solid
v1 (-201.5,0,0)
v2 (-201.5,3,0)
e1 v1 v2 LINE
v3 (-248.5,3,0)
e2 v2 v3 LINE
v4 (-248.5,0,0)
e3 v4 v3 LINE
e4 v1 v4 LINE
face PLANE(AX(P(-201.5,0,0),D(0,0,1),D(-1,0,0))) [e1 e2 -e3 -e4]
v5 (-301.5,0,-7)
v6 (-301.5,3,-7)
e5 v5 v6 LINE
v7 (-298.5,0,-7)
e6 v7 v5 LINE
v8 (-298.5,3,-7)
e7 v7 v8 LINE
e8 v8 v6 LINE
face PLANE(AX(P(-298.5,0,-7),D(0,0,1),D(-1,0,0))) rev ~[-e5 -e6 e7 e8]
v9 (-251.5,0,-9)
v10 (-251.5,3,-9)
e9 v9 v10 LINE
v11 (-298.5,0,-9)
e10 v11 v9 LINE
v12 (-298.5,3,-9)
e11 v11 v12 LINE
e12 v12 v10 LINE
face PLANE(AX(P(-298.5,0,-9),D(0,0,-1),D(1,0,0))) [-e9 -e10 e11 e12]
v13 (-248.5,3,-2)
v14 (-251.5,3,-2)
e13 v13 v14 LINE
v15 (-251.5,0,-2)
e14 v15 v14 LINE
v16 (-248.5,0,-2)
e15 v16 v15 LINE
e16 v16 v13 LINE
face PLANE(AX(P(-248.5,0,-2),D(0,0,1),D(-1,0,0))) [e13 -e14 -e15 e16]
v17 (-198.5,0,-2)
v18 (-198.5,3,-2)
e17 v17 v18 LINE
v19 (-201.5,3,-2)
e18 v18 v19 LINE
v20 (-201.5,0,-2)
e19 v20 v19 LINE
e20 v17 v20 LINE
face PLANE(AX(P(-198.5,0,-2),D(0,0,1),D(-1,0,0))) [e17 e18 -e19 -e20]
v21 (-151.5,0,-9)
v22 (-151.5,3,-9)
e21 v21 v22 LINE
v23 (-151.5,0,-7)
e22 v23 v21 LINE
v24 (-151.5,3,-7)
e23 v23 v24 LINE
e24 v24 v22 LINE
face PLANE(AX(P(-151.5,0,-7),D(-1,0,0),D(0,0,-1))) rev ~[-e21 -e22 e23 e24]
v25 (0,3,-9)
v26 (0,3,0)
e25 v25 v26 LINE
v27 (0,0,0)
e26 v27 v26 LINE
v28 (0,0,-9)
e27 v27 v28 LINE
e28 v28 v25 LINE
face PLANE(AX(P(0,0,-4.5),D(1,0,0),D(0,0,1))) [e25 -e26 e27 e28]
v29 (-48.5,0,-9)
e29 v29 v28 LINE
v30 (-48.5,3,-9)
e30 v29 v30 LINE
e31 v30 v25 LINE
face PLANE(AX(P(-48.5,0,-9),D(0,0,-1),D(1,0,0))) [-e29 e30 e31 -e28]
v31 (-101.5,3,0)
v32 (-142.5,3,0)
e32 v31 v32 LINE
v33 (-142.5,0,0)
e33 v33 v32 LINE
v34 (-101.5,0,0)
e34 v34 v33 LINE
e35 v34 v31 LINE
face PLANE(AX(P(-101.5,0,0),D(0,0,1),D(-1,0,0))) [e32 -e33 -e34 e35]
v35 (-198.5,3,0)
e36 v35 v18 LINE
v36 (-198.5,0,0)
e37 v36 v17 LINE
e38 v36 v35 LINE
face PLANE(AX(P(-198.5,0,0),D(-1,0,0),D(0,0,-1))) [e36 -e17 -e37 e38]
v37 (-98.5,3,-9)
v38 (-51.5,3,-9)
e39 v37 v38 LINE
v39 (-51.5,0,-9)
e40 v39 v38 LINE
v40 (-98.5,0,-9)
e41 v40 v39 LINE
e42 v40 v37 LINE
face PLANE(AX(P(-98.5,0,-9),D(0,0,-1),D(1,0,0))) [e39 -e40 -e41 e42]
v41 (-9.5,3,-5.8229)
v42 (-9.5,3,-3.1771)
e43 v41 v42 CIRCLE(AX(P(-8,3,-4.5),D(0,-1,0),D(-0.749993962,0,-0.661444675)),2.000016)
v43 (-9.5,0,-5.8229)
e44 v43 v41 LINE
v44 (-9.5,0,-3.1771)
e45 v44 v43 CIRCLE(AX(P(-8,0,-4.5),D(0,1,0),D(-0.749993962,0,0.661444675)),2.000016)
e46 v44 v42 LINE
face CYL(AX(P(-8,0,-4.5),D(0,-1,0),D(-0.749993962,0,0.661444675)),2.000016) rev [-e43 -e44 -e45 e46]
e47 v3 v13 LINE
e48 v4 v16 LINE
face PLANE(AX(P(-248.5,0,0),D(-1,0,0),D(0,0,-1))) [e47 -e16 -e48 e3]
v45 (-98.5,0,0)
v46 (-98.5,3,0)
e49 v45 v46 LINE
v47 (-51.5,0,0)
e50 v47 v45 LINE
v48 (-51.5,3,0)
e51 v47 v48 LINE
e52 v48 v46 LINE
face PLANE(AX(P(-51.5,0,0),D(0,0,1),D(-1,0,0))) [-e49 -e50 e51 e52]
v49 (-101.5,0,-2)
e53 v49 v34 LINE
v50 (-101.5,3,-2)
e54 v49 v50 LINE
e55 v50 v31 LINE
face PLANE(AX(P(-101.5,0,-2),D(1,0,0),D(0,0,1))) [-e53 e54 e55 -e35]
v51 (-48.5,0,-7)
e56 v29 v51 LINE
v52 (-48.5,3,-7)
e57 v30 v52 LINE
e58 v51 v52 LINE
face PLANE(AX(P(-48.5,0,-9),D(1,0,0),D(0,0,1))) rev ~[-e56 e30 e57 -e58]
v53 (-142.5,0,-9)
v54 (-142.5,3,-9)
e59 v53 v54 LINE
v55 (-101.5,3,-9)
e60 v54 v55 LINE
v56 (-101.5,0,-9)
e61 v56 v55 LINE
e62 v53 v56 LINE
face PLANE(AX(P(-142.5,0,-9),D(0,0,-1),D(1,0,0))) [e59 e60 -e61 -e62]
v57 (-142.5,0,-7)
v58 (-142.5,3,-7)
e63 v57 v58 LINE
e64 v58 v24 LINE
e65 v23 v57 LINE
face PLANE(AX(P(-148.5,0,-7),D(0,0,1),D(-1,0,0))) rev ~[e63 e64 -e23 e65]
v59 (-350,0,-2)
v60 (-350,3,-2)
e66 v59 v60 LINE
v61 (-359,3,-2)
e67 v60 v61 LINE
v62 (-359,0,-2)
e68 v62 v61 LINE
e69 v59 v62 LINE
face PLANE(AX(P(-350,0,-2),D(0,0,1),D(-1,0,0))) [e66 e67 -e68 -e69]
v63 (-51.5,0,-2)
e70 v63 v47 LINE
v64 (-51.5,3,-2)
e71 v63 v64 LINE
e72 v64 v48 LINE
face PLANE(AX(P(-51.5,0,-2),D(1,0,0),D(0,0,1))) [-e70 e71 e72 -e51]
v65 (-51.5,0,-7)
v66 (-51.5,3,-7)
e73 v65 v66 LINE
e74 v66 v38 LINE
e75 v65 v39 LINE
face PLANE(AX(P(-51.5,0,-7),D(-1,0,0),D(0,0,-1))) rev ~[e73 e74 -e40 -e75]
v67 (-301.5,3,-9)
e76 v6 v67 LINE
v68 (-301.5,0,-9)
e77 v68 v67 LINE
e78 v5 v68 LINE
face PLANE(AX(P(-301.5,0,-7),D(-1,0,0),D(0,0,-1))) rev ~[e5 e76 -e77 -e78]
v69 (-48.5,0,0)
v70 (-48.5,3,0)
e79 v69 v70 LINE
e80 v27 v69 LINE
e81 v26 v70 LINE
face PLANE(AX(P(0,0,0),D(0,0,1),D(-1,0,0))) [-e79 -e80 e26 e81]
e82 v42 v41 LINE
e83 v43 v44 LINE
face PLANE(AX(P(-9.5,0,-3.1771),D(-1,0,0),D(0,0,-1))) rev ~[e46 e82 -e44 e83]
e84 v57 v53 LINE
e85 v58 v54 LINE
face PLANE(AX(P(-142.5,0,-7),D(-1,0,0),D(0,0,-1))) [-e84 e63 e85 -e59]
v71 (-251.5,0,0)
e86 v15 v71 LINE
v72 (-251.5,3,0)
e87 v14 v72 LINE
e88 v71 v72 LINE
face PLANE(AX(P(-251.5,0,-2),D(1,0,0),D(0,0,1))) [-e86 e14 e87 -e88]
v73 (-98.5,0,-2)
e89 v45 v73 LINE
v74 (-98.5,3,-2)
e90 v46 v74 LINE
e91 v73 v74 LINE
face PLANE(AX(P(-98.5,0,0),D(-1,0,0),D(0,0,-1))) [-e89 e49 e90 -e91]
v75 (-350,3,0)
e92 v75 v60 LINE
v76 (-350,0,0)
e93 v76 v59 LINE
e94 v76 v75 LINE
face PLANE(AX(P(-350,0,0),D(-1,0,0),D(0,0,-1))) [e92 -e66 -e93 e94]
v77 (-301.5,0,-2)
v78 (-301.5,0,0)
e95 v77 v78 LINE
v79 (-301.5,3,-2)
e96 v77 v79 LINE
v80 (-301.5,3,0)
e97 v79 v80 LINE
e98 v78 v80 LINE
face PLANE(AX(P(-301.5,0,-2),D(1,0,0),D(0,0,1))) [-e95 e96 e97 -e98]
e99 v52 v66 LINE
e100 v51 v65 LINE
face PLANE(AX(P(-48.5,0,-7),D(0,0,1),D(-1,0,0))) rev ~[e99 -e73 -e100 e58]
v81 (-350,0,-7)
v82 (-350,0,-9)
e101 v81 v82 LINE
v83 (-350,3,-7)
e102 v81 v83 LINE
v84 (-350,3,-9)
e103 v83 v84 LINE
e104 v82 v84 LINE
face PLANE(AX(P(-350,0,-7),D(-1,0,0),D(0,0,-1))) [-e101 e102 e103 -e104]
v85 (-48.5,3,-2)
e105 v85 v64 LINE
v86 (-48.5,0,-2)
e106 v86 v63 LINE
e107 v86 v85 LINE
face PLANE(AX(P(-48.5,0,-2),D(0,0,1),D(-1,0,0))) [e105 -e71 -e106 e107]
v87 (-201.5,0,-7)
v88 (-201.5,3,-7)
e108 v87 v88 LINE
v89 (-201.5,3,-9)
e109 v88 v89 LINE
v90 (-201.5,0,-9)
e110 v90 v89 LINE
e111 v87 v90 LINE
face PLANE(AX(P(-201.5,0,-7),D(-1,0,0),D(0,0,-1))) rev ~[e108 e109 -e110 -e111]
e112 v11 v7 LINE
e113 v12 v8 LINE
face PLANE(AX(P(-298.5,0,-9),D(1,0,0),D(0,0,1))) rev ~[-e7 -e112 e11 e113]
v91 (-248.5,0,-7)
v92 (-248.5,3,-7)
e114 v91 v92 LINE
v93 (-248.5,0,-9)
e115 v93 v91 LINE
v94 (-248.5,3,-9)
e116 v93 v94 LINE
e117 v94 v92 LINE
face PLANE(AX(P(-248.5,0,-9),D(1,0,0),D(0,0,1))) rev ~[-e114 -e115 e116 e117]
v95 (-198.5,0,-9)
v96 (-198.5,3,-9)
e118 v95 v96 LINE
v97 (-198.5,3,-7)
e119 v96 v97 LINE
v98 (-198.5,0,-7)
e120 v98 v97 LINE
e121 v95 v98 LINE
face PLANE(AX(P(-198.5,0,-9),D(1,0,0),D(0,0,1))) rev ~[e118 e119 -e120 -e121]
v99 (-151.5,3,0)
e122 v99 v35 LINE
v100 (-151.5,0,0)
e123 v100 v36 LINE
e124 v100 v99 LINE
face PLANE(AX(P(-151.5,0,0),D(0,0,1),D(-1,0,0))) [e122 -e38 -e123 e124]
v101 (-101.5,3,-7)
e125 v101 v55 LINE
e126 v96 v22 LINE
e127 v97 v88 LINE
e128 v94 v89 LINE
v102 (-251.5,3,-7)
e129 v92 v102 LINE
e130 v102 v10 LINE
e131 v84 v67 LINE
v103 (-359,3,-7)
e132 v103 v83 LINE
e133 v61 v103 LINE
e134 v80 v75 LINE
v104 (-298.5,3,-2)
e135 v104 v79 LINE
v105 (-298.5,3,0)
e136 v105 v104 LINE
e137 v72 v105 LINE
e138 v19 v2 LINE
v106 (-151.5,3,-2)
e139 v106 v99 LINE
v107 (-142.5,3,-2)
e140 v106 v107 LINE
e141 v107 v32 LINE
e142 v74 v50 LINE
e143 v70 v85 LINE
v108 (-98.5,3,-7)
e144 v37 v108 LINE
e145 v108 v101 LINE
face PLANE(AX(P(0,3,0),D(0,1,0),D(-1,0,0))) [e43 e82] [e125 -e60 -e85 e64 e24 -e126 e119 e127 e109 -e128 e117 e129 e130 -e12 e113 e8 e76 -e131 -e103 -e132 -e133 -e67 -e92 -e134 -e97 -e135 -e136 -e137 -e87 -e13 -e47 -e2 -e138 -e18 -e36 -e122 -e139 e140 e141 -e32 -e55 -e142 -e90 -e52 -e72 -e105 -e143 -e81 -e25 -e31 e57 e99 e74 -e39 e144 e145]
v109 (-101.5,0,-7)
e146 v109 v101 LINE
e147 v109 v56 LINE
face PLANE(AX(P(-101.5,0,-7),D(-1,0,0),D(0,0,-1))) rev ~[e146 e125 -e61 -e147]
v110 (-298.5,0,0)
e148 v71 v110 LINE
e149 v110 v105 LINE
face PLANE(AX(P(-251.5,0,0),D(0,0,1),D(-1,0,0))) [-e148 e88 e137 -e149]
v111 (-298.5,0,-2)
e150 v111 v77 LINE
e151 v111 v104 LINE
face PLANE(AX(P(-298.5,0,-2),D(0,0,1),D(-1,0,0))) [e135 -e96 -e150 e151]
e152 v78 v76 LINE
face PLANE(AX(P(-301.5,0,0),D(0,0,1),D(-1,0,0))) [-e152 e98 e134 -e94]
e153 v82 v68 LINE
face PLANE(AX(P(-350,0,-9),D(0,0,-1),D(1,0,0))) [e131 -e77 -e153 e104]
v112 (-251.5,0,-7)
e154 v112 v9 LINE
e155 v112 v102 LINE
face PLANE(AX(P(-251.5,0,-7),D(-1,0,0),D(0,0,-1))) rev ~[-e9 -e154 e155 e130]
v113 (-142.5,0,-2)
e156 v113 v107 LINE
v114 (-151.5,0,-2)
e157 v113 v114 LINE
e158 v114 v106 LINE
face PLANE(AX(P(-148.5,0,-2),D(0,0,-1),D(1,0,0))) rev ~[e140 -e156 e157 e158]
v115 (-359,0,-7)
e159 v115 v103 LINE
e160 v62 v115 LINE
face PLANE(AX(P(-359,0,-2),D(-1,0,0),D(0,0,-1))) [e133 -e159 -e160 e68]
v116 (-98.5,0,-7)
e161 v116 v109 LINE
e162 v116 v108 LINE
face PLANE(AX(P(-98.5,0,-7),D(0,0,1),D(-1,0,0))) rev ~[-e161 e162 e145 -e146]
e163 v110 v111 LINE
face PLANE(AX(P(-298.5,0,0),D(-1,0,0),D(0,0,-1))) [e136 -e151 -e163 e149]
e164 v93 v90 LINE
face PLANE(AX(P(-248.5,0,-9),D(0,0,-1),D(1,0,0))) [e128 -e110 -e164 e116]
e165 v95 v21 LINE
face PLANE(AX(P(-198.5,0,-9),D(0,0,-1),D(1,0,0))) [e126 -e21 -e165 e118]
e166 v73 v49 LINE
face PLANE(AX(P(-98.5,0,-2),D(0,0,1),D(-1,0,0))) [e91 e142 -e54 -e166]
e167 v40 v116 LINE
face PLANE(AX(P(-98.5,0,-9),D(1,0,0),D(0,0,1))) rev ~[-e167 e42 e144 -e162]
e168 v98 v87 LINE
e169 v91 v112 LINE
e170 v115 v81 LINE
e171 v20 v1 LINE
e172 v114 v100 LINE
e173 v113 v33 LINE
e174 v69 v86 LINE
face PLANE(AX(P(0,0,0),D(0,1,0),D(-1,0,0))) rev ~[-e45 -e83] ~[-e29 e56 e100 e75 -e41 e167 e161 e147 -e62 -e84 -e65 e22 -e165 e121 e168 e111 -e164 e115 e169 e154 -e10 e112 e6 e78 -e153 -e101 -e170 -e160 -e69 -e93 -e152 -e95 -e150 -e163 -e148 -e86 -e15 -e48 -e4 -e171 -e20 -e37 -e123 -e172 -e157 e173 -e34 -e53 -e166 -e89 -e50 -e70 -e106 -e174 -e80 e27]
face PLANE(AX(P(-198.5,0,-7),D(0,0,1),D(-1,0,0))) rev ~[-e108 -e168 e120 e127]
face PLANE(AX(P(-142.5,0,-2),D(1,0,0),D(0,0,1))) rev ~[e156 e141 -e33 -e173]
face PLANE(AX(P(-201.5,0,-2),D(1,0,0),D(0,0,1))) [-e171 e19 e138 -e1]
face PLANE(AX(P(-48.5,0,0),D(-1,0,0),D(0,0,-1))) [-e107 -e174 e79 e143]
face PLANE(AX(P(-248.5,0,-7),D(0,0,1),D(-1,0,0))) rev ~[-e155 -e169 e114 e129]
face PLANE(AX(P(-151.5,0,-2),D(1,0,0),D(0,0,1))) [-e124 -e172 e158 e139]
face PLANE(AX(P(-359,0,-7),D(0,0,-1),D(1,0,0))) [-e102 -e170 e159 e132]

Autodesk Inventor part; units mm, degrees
ref_plane "YZ Plane" through (0, 0, 0) normal (1, 0, 0) x (0, 1, 0)
ref_plane "XZ Plane" through (0, 0, 0) normal (0, 1, 0) x (-1, 0, 0)
ref_plane "XY Plane" through (0, 0, 0) normal (0, 0, 1) x (1, 0, 0)
sketch "草圖1" plane through (0, 0, 0) normal (0, 1, 0) x (-1, 0, 0)
  line L0 (0, 0) -> (350, 0)
  line L1 (350, 0) -> (350, -9)
  line L2 (350, -9) -> (0, -9)
  line L3 (0, -9) -> (0, 0)
  arc A0 (9.5, -3.1771) -> (9.5, -5.8229) centre (8, -4.5) ccw
  line L4 (0, -4.5) -> (350, -4.5)
  line L5 (301.5, -9) -> (298.5, -9)
  line L6 (298.5, -9) -> (298.5, -7)
  line L7 (298.5, -7) -> (301.5, -7)
  line L8 (301.5, -7) -> (301.5, -9)
  line L9 (298.5, 0) -> (298.5, -2)
  line L10 (298.5, -2) -> (301.5, -2)
  line L11 (301.5, -2) -> (301.5, 0)
  line L12 (248.5, -9) -> (248.5, -7)
  line L13 (248.5, -7) -> (251.5, -7)
  line L14 (251.5, -7) -> (251.5, -9)
  line L15 (248.5, 0) -> (248.5, -2)
  line L16 (248.5, -2) -> (251.5, -2)
  line L17 (251.5, -2) -> (251.5, 0)
  line L18 (198.5, -9) -> (198.5, -7)
  line L19 (198.5, -7) -> (201.5, -7)
  line L20 (201.5, -7) -> (201.5, -9)
  line L21 (198.5, 0) -> (198.5, -2)
  line L22 (198.5, -2) -> (201.5, -2)
  line L23 (201.5, -2) -> (201.5, 0)
  line L24 (148.5, -9) -> (148.5, -7)
  line L25 (148.5, -7) -> (151.5, -7)
  line L26 (151.5, -7) -> (151.5, -9)
  line L27 (148.5, 0) -> (148.5, -2)
  line L28 (148.5, -2) -> (151.5, -2)
  line L29 (151.5, -2) -> (151.5, 0)
  line L30 (98.5, -9) -> (98.5, -7)
  line L31 (98.5, -7) -> (101.5, -7)
  line L32 (101.5, -7) -> (101.5, -9)
  line L33 (98.5, 0) -> (98.5, -2)
  line L34 (98.5, -2) -> (101.5, -2)
  line L35 (101.5, -2) -> (101.5, 0)
  line L36 (48.5, -9) -> (48.5, -7)
  line L37 (48.5, -7) -> (51.5, -7)
  line L38 (51.5, -7) -> (51.5, -9)
  line L39 (48.5, 0) -> (48.5, -2)
  line L40 (48.5, -2) -> (51.5, -2)
  line L41 (51.5, -2) -> (51.5, 0)
  line L42 (350, -2) -> (359, -2)
  line L43 (359, -2) -> (359, -7)
  line L44 (359, -7) -> (350, -7)
  line L45 (350, -7) -> (350, -2)
  line L46 (9.5, -3.1771) -> (9.5, -5.8229)
  line L47 (148.5, -2) -> (142.5, -2)
  line L48 (142.5, -2) -> (142.5, 0)
  line L49 (148.5, -7) -> (142.5, -7)
  line L50 (142.5, -7) -> (142.5, -9)
  point P0 (300, -9)
  point P1 (301.5, 0)
  point P2 (298.5, 0)
  point P3 (251.5, 0)
  point P4 (248.5, 0)
  point P5 (201.5, 0)
  point P6 (198.5, 0)
  point P7 (151.5, 0)
  point P8 (148.5, 0)
  point P9 (101.5, 0)
  point P10 (98.5, 0)
  point P11 (51.5, 0)
  point P12 (48.5, 0)
  point P13 (48.5, -9)
  point P14 (51.5, -9)
  point P15 (98.5, -9)
  point P16 (101.5, -9)
  point P17 (148.5, -9)
  point P18 (151.5, -9)
  point P19 (198.5, -9)
  point P20 (201.5, -9)
  point P21 (248.5, -9)
  point P22 (251.5, -9)
  point P23 (298.5, -9)
  point P24 (301.5, -9)
  dimension "d0" = 350
  dimension "d1" = 9
  dimension "d2" = 4
  dimension "d3" = 8
  dimension "d4" = 3
  dimension "d5" = 2
  dimension "d6" = 50
  dimension "d9" = 50
  dimension "d14" = 5
  dimension "d15" = 9
  dimension "d16" = 1.5
  dimension "d19" = 6
  dimension "d20" = 6
extrude "擠出1" add sketch "草圖1" along normal blind 3 contours L0 L39 L40 L41 L33 L34 L35 L48 L47 L28 L29 L21 L22 L23 L15 L16 L17 L9 L10 L11 L1 L4 L46 A0 L3 | L4 A0 L46 L1 L2 L8 L7 L6 L14 L13 L12 L20 L19 L18 L26 L25 L49 L50 L32 L31 L30 L38 L37 L36 L3 | L1 L42 L43 L44
properties part number "main_Bar"
